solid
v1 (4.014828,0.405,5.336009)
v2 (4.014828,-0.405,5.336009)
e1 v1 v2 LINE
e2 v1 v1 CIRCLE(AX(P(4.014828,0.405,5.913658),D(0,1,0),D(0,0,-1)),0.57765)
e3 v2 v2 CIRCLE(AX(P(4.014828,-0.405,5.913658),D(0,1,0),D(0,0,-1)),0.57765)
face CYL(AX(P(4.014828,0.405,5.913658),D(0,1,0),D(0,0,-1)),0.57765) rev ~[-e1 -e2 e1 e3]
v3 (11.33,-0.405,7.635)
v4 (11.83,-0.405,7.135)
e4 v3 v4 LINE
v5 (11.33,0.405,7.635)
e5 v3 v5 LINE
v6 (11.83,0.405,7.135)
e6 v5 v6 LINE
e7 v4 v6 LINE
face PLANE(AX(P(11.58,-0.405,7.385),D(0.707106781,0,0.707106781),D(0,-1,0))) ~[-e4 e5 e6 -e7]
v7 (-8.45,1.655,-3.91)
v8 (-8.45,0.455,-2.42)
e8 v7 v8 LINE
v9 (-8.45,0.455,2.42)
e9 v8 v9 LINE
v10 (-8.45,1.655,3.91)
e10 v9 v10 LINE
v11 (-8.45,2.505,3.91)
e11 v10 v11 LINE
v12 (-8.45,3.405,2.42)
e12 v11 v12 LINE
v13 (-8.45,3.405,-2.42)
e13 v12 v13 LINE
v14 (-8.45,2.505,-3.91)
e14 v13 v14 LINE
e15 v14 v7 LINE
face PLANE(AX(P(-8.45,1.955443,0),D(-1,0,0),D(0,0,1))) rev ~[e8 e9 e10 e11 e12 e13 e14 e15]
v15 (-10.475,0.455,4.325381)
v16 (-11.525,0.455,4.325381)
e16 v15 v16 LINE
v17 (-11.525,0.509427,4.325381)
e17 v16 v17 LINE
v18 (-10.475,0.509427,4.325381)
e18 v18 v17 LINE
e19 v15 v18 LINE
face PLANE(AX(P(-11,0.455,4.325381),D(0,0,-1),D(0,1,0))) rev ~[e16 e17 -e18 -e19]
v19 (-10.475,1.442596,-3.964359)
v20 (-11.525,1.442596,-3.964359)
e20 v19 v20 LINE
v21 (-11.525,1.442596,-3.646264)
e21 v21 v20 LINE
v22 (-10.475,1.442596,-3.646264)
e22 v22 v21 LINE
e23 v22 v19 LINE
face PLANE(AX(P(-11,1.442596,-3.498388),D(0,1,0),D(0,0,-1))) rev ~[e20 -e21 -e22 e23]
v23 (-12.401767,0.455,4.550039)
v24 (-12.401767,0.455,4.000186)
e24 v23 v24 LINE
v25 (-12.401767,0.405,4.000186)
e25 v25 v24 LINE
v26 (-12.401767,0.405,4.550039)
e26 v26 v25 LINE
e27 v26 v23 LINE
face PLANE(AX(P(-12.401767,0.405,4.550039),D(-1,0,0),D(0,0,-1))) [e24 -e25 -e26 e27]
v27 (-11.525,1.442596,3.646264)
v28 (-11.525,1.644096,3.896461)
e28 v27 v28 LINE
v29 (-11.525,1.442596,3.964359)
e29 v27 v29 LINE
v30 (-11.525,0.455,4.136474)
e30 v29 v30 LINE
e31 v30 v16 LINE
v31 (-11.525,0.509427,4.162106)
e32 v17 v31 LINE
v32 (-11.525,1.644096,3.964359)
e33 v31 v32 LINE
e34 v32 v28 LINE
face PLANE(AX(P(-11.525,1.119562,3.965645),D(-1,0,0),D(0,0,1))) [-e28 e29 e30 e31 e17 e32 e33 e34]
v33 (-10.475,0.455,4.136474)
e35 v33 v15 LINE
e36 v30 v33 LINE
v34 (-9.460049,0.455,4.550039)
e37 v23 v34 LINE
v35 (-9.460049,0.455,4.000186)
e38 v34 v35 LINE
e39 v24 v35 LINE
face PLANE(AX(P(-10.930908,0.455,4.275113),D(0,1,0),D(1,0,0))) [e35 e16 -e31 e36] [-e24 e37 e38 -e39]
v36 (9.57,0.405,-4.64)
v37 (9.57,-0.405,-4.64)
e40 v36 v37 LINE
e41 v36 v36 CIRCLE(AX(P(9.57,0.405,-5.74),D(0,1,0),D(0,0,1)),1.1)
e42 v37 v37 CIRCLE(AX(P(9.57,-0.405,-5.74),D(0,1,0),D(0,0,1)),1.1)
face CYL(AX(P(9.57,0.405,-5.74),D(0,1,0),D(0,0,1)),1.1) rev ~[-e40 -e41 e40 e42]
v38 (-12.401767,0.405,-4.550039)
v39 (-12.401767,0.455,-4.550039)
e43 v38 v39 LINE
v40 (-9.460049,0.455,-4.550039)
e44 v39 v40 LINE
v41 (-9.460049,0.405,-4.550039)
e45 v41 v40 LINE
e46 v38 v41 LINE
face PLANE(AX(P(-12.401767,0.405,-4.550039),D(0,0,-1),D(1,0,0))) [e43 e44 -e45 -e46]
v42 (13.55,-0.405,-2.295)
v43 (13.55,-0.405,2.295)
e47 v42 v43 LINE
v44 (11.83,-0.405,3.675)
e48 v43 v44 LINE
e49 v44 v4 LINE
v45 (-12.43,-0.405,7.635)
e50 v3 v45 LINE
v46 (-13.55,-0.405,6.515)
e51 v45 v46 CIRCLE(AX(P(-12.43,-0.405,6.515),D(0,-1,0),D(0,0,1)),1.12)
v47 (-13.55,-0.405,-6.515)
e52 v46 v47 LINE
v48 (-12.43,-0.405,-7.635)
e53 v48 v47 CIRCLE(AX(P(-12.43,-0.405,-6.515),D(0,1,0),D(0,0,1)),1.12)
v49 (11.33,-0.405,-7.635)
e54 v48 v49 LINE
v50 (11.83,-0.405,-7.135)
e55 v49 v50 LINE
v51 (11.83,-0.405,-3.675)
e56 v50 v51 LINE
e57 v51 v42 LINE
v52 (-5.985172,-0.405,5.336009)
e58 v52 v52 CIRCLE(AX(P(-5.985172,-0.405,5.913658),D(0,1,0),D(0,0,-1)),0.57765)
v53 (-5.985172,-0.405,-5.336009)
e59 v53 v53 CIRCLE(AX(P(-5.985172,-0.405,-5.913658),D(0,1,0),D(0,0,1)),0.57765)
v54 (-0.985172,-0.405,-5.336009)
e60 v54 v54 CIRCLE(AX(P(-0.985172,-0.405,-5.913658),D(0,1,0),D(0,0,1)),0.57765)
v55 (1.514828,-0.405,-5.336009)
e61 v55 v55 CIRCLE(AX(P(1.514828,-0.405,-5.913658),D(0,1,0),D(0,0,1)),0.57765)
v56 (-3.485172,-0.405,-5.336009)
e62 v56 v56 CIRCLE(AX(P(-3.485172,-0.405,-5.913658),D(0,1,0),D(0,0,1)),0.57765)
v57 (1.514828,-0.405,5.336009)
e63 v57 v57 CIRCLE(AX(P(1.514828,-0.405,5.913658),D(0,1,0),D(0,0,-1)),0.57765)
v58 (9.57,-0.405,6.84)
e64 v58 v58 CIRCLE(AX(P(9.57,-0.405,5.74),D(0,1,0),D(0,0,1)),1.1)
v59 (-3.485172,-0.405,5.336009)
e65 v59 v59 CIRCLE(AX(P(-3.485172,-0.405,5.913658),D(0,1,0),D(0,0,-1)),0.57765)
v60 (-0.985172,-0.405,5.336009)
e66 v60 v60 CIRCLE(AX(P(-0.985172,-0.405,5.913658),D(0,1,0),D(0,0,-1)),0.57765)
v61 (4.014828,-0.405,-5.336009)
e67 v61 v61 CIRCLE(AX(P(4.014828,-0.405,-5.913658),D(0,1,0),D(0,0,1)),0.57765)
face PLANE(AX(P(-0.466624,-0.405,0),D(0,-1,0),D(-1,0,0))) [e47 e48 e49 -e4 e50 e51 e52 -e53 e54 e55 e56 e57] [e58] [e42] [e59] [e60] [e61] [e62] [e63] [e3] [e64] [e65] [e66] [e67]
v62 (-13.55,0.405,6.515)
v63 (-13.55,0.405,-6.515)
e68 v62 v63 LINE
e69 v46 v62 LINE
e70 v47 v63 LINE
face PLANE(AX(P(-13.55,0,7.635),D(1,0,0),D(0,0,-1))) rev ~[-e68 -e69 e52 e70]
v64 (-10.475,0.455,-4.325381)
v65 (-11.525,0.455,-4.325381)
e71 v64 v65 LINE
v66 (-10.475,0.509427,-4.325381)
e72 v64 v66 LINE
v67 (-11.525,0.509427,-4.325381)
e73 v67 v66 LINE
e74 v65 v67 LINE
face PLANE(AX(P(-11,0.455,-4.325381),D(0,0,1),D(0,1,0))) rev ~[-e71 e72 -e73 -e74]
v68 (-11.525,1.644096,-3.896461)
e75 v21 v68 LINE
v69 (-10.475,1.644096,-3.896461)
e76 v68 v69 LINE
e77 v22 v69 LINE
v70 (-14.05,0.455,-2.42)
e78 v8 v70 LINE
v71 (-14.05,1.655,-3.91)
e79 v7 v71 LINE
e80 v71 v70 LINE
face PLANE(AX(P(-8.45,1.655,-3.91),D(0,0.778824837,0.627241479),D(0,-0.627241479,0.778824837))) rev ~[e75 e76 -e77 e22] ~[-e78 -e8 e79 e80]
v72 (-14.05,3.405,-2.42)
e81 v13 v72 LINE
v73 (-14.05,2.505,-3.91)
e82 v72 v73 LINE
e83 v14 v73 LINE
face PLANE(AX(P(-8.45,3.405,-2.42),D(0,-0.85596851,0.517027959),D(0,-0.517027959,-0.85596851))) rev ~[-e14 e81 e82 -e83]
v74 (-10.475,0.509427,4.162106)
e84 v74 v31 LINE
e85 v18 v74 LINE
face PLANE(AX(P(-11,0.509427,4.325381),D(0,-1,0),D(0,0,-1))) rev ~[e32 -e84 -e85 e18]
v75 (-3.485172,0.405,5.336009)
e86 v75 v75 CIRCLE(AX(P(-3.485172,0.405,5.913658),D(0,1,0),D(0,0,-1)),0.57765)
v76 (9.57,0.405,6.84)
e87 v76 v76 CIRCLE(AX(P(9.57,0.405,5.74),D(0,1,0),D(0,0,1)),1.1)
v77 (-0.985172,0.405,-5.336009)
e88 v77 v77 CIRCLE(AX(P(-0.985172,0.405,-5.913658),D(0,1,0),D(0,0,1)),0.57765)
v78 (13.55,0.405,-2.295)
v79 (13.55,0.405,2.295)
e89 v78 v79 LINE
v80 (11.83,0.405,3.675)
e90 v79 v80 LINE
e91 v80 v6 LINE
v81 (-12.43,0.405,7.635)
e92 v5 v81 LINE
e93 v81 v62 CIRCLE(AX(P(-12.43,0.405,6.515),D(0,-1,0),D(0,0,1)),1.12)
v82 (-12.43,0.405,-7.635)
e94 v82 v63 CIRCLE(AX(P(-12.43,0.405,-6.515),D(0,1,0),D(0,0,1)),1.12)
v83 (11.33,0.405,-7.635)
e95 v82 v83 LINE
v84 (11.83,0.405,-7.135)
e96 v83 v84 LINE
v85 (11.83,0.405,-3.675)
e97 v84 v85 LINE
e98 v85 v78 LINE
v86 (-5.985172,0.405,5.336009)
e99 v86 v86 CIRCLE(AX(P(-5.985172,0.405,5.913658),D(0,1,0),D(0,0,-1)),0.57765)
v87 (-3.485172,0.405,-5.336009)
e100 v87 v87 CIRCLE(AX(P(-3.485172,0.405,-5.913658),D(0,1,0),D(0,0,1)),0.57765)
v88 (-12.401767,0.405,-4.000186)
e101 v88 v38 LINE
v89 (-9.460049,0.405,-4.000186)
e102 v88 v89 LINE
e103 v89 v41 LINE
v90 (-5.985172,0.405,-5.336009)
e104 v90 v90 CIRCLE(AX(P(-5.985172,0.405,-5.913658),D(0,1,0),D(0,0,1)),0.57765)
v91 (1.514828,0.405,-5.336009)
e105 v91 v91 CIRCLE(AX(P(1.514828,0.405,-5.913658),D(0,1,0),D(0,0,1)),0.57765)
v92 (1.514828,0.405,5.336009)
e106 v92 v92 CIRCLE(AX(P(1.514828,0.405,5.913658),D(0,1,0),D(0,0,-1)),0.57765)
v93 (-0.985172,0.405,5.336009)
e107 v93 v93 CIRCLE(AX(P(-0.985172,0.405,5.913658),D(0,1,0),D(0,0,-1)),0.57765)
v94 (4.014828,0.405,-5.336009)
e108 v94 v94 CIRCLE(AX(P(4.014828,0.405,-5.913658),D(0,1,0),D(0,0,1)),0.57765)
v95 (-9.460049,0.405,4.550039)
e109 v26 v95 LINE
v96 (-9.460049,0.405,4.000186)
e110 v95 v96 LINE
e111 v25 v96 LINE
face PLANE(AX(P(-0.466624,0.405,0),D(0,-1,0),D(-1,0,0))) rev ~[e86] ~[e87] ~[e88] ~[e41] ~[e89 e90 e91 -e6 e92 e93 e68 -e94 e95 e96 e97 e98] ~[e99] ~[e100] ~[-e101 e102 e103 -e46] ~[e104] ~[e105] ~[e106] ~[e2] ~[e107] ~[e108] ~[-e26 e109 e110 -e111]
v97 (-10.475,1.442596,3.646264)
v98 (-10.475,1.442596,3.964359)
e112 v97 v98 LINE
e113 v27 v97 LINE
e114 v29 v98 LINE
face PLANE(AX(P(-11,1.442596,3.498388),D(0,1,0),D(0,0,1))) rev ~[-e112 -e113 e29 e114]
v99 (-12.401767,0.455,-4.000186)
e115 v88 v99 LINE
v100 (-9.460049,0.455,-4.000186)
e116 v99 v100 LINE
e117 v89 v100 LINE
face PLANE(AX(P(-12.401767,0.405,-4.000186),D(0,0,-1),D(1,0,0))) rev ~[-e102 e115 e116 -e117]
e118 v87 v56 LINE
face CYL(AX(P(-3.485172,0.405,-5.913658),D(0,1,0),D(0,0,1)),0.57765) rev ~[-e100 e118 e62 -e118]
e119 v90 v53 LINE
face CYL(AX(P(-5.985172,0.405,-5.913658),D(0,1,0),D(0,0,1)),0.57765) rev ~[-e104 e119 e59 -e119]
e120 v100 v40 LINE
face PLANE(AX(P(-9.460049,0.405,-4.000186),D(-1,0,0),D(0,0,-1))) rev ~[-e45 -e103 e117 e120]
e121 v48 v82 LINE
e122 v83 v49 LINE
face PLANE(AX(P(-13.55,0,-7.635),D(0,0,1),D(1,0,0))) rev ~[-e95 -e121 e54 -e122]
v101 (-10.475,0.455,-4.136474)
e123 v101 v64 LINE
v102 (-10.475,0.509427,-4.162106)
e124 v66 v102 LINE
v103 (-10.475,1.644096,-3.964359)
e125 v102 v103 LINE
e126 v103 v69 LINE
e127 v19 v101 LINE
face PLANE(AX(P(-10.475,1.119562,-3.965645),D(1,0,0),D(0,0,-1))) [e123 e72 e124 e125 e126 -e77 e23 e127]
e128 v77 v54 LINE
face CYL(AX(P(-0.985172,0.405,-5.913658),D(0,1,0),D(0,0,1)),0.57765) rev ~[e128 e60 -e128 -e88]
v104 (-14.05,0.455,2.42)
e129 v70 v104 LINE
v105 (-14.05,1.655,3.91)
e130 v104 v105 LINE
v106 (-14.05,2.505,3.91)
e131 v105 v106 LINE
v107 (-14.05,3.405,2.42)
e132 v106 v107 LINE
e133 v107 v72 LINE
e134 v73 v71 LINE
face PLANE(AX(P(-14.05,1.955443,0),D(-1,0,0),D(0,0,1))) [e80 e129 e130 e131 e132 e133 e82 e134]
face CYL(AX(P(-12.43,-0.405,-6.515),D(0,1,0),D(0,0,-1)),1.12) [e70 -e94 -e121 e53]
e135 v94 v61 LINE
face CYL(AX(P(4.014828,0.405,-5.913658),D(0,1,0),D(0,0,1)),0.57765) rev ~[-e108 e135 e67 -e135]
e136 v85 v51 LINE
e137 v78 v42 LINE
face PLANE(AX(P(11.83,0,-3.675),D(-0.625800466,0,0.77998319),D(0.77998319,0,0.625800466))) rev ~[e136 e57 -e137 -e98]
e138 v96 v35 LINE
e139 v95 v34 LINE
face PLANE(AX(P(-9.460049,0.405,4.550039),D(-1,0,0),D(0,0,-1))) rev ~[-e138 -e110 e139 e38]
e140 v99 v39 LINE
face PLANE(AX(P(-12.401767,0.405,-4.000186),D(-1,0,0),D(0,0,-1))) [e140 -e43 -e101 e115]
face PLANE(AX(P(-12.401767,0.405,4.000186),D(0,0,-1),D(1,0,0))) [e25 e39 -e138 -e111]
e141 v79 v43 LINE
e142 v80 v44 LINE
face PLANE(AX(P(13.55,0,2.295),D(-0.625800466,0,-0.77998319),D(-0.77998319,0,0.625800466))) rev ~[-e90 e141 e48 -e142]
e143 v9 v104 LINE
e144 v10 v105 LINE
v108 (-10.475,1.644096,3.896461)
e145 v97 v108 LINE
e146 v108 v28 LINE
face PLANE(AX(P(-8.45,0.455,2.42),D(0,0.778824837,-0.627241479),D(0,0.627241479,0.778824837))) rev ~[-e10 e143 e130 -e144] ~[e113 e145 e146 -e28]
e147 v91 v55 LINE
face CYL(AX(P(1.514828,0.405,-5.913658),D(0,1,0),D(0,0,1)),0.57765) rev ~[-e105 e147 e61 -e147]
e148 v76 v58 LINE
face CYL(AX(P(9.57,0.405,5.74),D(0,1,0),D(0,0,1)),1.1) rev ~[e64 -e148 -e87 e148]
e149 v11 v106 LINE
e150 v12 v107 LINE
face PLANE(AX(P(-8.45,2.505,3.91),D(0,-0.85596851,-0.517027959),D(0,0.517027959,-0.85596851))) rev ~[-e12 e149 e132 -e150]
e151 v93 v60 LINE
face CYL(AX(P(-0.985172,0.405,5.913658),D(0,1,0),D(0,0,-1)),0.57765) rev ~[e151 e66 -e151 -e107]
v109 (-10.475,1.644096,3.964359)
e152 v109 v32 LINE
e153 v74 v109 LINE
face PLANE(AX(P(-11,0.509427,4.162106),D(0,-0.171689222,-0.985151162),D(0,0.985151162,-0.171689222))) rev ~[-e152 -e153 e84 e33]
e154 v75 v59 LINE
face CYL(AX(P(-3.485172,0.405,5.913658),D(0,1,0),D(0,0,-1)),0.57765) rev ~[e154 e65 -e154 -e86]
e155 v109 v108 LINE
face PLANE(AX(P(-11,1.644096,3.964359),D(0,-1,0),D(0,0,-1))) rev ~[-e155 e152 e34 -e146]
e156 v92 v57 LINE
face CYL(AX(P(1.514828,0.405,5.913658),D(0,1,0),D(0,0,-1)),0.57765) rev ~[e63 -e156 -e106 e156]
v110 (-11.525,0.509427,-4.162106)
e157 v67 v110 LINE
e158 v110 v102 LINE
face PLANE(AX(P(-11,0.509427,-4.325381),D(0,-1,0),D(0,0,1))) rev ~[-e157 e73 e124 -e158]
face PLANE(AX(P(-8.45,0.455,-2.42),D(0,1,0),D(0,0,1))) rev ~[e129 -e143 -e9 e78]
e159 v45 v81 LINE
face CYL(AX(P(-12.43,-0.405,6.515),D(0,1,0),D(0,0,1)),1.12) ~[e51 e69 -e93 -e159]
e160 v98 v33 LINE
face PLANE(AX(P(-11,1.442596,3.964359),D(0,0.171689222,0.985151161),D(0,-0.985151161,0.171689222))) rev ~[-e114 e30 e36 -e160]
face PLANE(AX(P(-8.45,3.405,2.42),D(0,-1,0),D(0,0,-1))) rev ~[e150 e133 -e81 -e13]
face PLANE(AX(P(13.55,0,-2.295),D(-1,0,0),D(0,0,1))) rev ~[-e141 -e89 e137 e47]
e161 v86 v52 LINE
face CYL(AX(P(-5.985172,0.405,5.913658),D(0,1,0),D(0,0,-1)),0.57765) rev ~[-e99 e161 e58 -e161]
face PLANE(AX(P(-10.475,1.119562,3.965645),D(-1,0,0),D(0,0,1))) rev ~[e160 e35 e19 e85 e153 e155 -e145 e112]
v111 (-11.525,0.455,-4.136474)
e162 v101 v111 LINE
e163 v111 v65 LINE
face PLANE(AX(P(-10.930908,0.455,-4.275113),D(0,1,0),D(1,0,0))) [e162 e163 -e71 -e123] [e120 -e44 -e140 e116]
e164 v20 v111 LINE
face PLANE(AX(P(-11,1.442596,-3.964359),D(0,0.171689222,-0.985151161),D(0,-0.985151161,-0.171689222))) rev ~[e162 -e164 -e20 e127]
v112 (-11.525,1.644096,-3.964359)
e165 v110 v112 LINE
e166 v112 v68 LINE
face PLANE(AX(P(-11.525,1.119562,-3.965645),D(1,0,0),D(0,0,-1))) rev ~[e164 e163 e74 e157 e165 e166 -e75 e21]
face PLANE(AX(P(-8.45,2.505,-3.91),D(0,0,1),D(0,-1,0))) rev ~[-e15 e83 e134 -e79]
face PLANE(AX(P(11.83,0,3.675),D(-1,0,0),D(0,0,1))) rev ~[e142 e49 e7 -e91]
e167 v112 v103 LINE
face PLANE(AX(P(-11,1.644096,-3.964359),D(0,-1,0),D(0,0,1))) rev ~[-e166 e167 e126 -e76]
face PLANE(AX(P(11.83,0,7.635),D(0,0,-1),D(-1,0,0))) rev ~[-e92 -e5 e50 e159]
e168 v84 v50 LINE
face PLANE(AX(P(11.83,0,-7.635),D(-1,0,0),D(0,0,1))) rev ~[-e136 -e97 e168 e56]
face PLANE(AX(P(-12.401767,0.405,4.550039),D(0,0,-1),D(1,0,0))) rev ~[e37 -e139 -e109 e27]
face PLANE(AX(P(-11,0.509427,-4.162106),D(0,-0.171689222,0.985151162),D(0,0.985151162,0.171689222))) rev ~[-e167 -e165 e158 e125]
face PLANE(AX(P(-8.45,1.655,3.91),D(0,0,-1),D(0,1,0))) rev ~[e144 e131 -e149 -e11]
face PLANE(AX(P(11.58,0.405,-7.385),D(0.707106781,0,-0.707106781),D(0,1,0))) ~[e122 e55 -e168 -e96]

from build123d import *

# Parameters (mm, degrees)
BOSS_EXTRUDE1_DEPTH      = 0.405
FILLET1_R                = 1.12
CHAMFER1_SIZE            = 0.5
SKETCH2_R                = 1.1
CUT_EXTRUDE1_DEPTH       = 16.574075414
BOSS_EXTRUDE2_DEPTH      = 0.5
BOSS_EXTRUDE2_DEPTH_BACK = 5.1
SKETCH4_W                = 2.941717286
SKETCH4_H                = 0.549853698
BOSS_EXTRUDE3_DEPTH      = 0.05
BOSS_EXTRUDE4_DEPTH      = 0.525
SKETCH6_R                = 0.577649515
CUT_EXTRUDE2_DEPTH       = 17.26947218


with BuildPart() as part:
    # Sketch1 → Boss-Extrude1 (new, symmetric)
    with BuildSketch(Plane(origin=(0, 0, 0), x_dir=(1, 0, 0), z_dir=(0, 1, 0))):
        Polygon((-13.55, 7.635), (11.83, 7.635), (11.83, 3.675), (13.55, 2.295), (13.55, -2.295), (11.83, -3.675), (11.83, -7.635), (-13.55, -7.635), align=None)
    extrude(amount=BOSS_EXTRUDE1_DEPTH, both=True)

    # Fillet1
    fillet1_edges = [part.edges().sort_by_distance(p)[0] for p in [
        (-13.55, 0, -7.635),
        (-13.55, 0, 7.635),
    ]]
    fillet(fillet1_edges, radius=FILLET1_R)

    # Chamfer1
    chamfer1_edges = [part.edges().sort_by_distance(p)[0] for p in [
        (11.83, 0, -7.635),
        (11.83, 0, 7.635),
    ]]
    chamfer(chamfer1_edges, length=CHAMFER1_SIZE)

    # Sketch2 → Cut-Extrude1 (cut, through all)
    with BuildSketch(Plane(origin=(0, 0.405, 0), x_dir=(1, 0, 0), z_dir=(0, 1, 0))):
        with Locations(Location((9.57, 5.74, 0), (0, 0, 270))):
            Circle(SKETCH2_R)
        with Locations(Location((9.57, -5.74, 0), (0, 0, 270))):
            Circle(SKETCH2_R)
    extrude(amount=-CUT_EXTRUDE1_DEPTH, mode=Mode.SUBTRACT)

    # Sketch4 → Boss-Extrude3 (add)
    with BuildSketch(Plane(origin=(0, 0.405, 0), x_dir=(1, 0, 0), z_dir=(0, 1, 0))):
        with Locations((-10.930908088, 4.275112504)):
            Rectangle(SKETCH4_W, SKETCH4_H)
        with Locations((-10.930908088, -4.275112504)):
            Rectangle(SKETCH4_W, SKETCH4_H)
    extrude(amount=BOSS_EXTRUDE3_DEPTH)



with BuildPart() as body_2:
    # Sketch3 → Boss-Extrude2 (new, two sides: drawn at the far end of the back side and taken through both)
    with BuildSketch(Plane.ZY.offset(13.55).offset(-BOSS_EXTRUDE2_DEPTH_BACK)):
        Polygon((-3.91, 1.655), (-2.42, 0.455), (2.42, 0.455), (3.91, 1.655), (3.91, 2.505), (2.42, 3.405), (-2.42, 3.405), (-3.91, 2.505), align=None)
    extrude(amount=BOSS_EXTRUDE2_DEPTH + BOSS_EXTRUDE2_DEPTH_BACK)


with BuildPart() as part_1:
    add(part.part)

    add(body_2.part)  # Boss-Extrude4 merges body 2
    # Sketch5 → Boss-Extrude4 (add, symmetric)
    with BuildSketch(Plane(origin=(-11, 0, 0), x_dir=(0, 0, -1), z_dir=(1, 0, 0))):
        Polygon((4.325381098, 0.455), (4.325381098, 0.509426612), (4.162105788, 0.509426612), (3.964358919, 1.644096311), (3.498388432, 1.644096311), (3.498388432, 1.44259556), (3.964358919, 1.44259556), (4.136474144, 0.455), align=None)
        Polygon((-4.136474144, 0.455), (-4.325381098, 0.455), (-4.325381098, 0.509426612), (-4.162105788, 0.509426612), (-3.964358919, 1.644096311), (-3.498388432, 1.644096311), (-3.498388432, 1.44259556), (-3.964358919, 1.44259556), align=None)
    extrude(amount=BOSS_EXTRUDE4_DEPTH, both=True)

    # Sketch6 → Cut-Extrude2 (cut, through all)
    with BuildSketch(Plane(origin=(0, 0.405, 0), x_dir=(1, 0, 0), z_dir=(0, 1, 0))):
        with Locations(Location((-5.985172419, 5.913658107, 0), (0, 0, 270))):
            Circle(SKETCH6_R)
        with Locations(Location((-3.485172419, 5.913658107, 0), (0, 0, 270))):
            Circle(SKETCH6_R)
        with Locations(Location((-0.985172419, 5.913658107, 0), (0, 0, 270))):
            Circle(SKETCH6_R)
        with Locations(Location((1.514827581, 5.913658107, 0), (0, 0, 270))):
            Circle(SKETCH6_R)
        with Locations(Location((4.014827581, 5.913658107, 0), (0, 0, 270))):
            Circle(SKETCH6_R)
        with Locations(Location((4.014827581, -5.913658107, 0), (0, 0, 90))):
            Circle(SKETCH6_R)
        with Locations(Location((1.514827581, -5.913658107, 0), (0, 0, 90))):
            Circle(SKETCH6_R)
        with Locations(Location((-0.985172419, -5.913658107, 0), (0, 0, 90))):
            Circle(SKETCH6_R)
        with Locations(Location((-3.485172419, -5.913658107, 0), (0, 0, 90))):
            Circle(SKETCH6_R)
        with Locations(Location((-5.985172419, -5.913658107, 0), (0, 0, 90))):
            Circle(SKETCH6_R)
    extrude(amount=-CUT_EXTRUDE2_DEPTH, mode=Mode.SUBTRACT)


solid = part_1.part
